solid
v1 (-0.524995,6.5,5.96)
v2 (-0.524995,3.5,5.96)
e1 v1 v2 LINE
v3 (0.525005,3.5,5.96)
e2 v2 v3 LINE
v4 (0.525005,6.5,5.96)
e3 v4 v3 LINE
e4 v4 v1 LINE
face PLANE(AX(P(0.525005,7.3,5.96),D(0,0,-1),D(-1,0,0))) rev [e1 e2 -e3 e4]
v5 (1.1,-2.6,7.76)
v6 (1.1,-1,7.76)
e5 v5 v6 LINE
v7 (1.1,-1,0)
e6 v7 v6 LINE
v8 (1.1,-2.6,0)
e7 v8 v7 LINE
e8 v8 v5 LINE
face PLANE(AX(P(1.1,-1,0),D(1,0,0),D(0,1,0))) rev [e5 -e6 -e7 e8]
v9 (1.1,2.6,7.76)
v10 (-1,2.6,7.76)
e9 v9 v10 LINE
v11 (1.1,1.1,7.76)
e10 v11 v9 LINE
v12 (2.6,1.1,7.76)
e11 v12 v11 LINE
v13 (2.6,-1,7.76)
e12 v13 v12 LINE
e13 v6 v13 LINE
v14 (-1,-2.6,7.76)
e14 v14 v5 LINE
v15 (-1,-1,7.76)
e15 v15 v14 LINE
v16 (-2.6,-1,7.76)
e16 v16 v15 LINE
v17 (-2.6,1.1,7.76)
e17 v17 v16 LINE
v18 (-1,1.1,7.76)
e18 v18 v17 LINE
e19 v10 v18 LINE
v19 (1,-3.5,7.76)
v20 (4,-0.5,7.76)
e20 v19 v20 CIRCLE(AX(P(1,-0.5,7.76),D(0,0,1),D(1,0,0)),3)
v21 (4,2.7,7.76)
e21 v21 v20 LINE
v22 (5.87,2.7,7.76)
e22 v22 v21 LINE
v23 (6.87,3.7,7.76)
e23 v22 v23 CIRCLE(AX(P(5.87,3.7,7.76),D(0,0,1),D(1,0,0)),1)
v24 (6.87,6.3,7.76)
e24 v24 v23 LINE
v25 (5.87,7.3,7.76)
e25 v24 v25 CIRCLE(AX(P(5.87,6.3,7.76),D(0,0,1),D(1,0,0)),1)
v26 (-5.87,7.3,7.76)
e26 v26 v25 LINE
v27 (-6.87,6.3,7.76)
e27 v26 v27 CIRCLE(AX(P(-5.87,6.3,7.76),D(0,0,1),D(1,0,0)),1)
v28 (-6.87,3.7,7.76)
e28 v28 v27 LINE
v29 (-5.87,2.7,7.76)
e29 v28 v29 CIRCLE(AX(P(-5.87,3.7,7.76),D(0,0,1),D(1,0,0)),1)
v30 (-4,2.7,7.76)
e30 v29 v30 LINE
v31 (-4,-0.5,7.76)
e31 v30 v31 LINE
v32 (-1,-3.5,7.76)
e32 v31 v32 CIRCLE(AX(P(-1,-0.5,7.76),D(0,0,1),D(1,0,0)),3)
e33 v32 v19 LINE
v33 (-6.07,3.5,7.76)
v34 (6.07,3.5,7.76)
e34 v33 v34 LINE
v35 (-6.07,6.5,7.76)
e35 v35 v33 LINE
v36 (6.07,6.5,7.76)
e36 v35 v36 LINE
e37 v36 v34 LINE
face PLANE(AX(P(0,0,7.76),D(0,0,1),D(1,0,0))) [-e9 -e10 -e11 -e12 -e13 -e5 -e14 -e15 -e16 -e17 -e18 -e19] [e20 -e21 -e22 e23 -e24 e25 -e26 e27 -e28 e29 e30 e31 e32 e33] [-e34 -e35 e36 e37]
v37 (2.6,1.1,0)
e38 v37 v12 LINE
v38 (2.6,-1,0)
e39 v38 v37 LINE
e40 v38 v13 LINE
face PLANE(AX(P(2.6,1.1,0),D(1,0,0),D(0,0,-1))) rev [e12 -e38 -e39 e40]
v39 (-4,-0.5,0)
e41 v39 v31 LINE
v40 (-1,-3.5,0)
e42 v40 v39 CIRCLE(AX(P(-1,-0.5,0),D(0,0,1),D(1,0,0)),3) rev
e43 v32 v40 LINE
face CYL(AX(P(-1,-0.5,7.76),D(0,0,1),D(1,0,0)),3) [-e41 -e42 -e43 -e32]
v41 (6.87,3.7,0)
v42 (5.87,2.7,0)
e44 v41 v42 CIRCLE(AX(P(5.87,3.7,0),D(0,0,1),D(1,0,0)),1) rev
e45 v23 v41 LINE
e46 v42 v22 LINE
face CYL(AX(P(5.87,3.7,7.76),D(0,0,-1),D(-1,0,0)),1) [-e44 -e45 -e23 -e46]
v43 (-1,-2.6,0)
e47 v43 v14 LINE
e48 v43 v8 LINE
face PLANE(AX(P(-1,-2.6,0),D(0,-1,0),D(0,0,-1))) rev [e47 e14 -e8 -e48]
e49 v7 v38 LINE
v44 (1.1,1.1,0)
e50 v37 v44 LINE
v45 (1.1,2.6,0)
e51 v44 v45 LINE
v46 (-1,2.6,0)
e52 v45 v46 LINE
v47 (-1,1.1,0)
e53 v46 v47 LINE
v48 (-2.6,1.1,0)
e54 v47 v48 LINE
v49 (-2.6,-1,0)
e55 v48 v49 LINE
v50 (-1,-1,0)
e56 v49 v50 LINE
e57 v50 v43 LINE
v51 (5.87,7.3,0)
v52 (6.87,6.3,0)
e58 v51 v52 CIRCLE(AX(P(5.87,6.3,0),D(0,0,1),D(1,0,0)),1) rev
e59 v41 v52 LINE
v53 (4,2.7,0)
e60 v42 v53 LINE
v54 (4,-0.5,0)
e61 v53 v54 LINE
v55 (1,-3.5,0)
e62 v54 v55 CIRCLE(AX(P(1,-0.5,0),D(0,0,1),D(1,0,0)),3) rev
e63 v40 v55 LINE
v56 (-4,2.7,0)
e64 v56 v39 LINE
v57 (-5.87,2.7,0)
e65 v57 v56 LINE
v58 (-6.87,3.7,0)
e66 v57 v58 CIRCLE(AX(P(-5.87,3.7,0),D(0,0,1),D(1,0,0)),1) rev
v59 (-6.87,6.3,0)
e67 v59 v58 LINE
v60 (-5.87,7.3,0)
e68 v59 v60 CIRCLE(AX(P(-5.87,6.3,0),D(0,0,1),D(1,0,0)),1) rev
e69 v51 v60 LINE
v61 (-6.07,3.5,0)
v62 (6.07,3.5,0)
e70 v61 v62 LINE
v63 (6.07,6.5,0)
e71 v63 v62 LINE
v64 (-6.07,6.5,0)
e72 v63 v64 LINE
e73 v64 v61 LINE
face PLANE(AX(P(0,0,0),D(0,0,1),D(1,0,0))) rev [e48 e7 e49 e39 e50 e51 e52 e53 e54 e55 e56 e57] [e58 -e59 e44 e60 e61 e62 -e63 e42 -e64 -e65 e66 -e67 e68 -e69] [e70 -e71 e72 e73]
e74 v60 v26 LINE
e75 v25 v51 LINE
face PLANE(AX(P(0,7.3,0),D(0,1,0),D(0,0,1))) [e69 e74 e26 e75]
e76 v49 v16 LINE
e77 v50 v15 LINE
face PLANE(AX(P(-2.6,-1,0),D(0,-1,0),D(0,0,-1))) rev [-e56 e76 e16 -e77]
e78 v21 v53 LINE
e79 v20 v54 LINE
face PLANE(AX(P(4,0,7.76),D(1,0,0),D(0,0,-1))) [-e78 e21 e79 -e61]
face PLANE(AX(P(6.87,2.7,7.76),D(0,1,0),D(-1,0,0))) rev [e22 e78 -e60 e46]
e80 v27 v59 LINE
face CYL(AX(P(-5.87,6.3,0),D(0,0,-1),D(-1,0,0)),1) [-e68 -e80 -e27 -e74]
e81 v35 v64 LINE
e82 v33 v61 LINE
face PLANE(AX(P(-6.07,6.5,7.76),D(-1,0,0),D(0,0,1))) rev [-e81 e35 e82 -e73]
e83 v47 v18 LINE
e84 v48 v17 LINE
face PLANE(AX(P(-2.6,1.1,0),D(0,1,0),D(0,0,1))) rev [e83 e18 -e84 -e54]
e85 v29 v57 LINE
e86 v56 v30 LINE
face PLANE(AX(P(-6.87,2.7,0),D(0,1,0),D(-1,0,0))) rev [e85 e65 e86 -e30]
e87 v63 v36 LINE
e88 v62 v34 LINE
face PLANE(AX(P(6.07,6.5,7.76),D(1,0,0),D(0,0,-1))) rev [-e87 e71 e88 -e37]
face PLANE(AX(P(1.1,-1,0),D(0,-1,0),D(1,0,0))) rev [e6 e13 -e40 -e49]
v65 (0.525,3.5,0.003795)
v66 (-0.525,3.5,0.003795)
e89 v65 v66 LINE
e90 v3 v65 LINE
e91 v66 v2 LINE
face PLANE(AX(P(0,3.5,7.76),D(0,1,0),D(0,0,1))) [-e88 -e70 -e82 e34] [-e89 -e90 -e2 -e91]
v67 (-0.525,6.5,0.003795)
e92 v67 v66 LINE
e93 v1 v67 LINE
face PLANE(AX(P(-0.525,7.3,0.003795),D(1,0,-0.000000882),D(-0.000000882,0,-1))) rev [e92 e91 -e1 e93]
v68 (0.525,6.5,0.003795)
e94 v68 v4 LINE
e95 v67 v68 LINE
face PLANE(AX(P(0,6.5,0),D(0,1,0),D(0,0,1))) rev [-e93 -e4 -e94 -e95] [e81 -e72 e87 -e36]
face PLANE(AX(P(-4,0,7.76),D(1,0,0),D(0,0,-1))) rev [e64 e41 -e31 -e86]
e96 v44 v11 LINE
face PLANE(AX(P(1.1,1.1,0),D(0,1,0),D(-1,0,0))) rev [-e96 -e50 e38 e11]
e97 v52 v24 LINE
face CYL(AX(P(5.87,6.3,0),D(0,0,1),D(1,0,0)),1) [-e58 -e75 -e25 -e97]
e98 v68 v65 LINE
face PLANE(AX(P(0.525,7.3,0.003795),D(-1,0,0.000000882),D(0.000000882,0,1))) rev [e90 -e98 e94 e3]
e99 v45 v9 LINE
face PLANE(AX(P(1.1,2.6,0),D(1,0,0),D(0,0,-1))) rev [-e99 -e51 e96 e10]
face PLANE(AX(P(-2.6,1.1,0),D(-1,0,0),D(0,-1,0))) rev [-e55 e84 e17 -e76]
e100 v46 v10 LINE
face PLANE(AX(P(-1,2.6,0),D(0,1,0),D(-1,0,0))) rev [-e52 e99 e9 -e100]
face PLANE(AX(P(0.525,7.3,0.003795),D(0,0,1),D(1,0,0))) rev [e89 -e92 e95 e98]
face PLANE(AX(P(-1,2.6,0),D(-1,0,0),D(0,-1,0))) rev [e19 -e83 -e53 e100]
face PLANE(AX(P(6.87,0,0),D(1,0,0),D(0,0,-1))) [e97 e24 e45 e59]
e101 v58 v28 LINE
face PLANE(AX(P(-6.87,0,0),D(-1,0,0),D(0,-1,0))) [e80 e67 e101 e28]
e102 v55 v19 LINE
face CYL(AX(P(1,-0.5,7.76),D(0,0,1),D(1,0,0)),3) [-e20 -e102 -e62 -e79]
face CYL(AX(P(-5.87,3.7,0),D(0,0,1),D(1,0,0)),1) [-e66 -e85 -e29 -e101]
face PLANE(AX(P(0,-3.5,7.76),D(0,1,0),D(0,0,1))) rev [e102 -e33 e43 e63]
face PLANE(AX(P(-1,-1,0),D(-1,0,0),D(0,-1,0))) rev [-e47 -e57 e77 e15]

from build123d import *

# Parameters (mm, degrees)
SKETCH1_W           = 8
SKETCH1_H           = 7
BOSS_EXTRUDE1_DEPTH = 7.76
CUT_EXTRUDE3_DEPTH  = 8.76
SKETCH7_W           = 7.76
SKETCH7_H           = 0.8
BOSS_EXTRUDE2_DEPTH = 2.87
SKETCH9_W           = 7.76
SKETCH9_H           = 0.8
BOSS_EXTRUDE3_DEPTH = 2.87
SKETCH10_W          = 0.8
SKETCH10_H          = 7.76
BOSS_EXTRUDE4_DEPTH = 3
SKETCH11_W          = 0.8
SKETCH11_H          = 7.76
BOSS_EXTRUDE5_DEPTH = 3
SKETCH12_W          = 13.74
SKETCH12_H          = 7.76
BOSS_EXTRUDE6_DEPTH = 0.8
BOSS_EXTRUDE7_REACH = 5.8
FILLET4_R           = 1
FILLET5_R           = 1
FILLET6_R           = 1
FILLET7_R           = 1
FILLET8_R           = 3
FILLET9_R           = 3


with BuildPart() as part:
    # Sketch1 → Boss-Extrude1 (new body)
    with BuildSketch(Plane.XY):
        Rectangle(SKETCH1_W, SKETCH1_H)
    extrude(amount=BOSS_EXTRUDE1_DEPTH)

    # Sketch6 → Cut-Extrude3 (cut, through all)
    with BuildSketch(Plane.XY.offset(7.76)):
        Polygon((1.1, -1), (2.6, -1), (2.6, 1.1), (1.1, 1.1), (1.1, 2.6), (-1, 2.6), (-1, 1.1), (-2.6, 1.1), (-2.6, -1), (-1, -1), (-1, -2.6), (1.1, -2.6), align=None)
    extrude(amount=-CUT_EXTRUDE3_DEPTH, mode=Mode.SUBTRACT)

    # Sketch7 → Boss-Extrude2 (add)
    with BuildSketch(Plane.ZY.offset(4)):
        with Locations((3.88, 3.1)):
            Rectangle(SKETCH7_W, SKETCH7_H)
    extrude(amount=BOSS_EXTRUDE2_DEPTH)

    # Sketch9 → Boss-Extrude3 (add)
    with BuildSketch(Plane(origin=(4, 0, 0), x_dir=(0, 0, -1), z_dir=(1, 0, 0))):
        with Locations((-3.88, 3.1)):
            Rectangle(SKETCH9_W, SKETCH9_H)
    extrude(amount=BOSS_EXTRUDE3_DEPTH)

    # Sketch10 → Boss-Extrude4 (add)
    with BuildSketch(Plane(origin=(0, 3.5, 0), x_dir=(1, 0, 0), z_dir=(0, 1, 0))):
        with Locations((6.47, -3.88)):
            Rectangle(SKETCH10_W, SKETCH10_H)
    extrude(amount=BOSS_EXTRUDE4_DEPTH)

    # Sketch11 → Boss-Extrude5 (add)
    with BuildSketch(Plane(origin=(0, 3.5, 0), x_dir=(1, 0, 0), z_dir=(0, 1, 0))):
        with Locations((-6.47, -3.88)):
            Rectangle(SKETCH11_W, SKETCH11_H)
    extrude(amount=BOSS_EXTRUDE5_DEPTH)

    # Sketch12 → Boss-Extrude6 (add)
    with BuildSketch(Plane(origin=(0, 6.5, 0), x_dir=(1, 0, 0), z_dir=(0, 1, 0))):
        with Locations((0, -3.88)):
            Rectangle(SKETCH12_W, SKETCH12_H)
    extrude(amount=BOSS_EXTRUDE6_DEPTH)

    # Sketch14 → Boss-Extrude7 (add, up to next)
    with BuildSketch(Plane(origin=(0, 3.5, 0), x_dir=(1, 0, 0), z_dir=(0, 1, 0)), mode=Mode.PRIVATE) as boss_extrude7_sk1:
        Polygon((0.525000003, -0.003794521), (-0.524999997, -0.003794521), (-0.524994746, -5.96), (0.525005254, -5.96), align=None)
    boss_extrude7_tool1 = extrude(boss_extrude7_sk1.sketch, amount=BOSS_EXTRUDE7_REACH, mode=Mode.PRIVATE) - part.part
    add(boss_extrude7_tool1.solids().sort_by_distance((3e-06, 3.5, 2.981897))[0])

    # Fillet4
    fillet4_edges = [part.edges().sort_by_distance(p)[0] for p in [
        (-6.87, 7.3, 3.88),
    ]]
    fillet(fillet4_edges, radius=FILLET4_R)

    # Fillet5
    fillet5_edges = [part.edges().sort_by_distance(p)[0] for p in [
        (6.87, 7.3, 3.88),
    ]]
    fillet(fillet5_edges, radius=FILLET5_R)

    # Fillet6
    fillet6_edges = [part.edges().sort_by_distance(p)[0] for p in [
        (-6.87, 2.7, 3.88),
    ]]
    fillet(fillet6_edges, radius=FILLET6_R)

    # Fillet7
    fillet7_edges = [part.edges().sort_by_distance(p)[0] for p in [
        (6.87, 2.7, 3.88),
    ]]
    fillet(fillet7_edges, radius=FILLET7_R)

    # Fillet8
    fillet8_edges = [part.edges().sort_by_distance(p)[0] for p in [
        (4, -3.5, 3.88),
    ]]
    fillet(fillet8_edges, radius=FILLET8_R)

    # Fillet9
    fillet9_edges = [part.edges().sort_by_distance(p)[0] for p in [
        (-4, -3.5, 3.88),
    ]]
    fillet(fillet9_edges, radius=FILLET9_R)


solid = part.part
